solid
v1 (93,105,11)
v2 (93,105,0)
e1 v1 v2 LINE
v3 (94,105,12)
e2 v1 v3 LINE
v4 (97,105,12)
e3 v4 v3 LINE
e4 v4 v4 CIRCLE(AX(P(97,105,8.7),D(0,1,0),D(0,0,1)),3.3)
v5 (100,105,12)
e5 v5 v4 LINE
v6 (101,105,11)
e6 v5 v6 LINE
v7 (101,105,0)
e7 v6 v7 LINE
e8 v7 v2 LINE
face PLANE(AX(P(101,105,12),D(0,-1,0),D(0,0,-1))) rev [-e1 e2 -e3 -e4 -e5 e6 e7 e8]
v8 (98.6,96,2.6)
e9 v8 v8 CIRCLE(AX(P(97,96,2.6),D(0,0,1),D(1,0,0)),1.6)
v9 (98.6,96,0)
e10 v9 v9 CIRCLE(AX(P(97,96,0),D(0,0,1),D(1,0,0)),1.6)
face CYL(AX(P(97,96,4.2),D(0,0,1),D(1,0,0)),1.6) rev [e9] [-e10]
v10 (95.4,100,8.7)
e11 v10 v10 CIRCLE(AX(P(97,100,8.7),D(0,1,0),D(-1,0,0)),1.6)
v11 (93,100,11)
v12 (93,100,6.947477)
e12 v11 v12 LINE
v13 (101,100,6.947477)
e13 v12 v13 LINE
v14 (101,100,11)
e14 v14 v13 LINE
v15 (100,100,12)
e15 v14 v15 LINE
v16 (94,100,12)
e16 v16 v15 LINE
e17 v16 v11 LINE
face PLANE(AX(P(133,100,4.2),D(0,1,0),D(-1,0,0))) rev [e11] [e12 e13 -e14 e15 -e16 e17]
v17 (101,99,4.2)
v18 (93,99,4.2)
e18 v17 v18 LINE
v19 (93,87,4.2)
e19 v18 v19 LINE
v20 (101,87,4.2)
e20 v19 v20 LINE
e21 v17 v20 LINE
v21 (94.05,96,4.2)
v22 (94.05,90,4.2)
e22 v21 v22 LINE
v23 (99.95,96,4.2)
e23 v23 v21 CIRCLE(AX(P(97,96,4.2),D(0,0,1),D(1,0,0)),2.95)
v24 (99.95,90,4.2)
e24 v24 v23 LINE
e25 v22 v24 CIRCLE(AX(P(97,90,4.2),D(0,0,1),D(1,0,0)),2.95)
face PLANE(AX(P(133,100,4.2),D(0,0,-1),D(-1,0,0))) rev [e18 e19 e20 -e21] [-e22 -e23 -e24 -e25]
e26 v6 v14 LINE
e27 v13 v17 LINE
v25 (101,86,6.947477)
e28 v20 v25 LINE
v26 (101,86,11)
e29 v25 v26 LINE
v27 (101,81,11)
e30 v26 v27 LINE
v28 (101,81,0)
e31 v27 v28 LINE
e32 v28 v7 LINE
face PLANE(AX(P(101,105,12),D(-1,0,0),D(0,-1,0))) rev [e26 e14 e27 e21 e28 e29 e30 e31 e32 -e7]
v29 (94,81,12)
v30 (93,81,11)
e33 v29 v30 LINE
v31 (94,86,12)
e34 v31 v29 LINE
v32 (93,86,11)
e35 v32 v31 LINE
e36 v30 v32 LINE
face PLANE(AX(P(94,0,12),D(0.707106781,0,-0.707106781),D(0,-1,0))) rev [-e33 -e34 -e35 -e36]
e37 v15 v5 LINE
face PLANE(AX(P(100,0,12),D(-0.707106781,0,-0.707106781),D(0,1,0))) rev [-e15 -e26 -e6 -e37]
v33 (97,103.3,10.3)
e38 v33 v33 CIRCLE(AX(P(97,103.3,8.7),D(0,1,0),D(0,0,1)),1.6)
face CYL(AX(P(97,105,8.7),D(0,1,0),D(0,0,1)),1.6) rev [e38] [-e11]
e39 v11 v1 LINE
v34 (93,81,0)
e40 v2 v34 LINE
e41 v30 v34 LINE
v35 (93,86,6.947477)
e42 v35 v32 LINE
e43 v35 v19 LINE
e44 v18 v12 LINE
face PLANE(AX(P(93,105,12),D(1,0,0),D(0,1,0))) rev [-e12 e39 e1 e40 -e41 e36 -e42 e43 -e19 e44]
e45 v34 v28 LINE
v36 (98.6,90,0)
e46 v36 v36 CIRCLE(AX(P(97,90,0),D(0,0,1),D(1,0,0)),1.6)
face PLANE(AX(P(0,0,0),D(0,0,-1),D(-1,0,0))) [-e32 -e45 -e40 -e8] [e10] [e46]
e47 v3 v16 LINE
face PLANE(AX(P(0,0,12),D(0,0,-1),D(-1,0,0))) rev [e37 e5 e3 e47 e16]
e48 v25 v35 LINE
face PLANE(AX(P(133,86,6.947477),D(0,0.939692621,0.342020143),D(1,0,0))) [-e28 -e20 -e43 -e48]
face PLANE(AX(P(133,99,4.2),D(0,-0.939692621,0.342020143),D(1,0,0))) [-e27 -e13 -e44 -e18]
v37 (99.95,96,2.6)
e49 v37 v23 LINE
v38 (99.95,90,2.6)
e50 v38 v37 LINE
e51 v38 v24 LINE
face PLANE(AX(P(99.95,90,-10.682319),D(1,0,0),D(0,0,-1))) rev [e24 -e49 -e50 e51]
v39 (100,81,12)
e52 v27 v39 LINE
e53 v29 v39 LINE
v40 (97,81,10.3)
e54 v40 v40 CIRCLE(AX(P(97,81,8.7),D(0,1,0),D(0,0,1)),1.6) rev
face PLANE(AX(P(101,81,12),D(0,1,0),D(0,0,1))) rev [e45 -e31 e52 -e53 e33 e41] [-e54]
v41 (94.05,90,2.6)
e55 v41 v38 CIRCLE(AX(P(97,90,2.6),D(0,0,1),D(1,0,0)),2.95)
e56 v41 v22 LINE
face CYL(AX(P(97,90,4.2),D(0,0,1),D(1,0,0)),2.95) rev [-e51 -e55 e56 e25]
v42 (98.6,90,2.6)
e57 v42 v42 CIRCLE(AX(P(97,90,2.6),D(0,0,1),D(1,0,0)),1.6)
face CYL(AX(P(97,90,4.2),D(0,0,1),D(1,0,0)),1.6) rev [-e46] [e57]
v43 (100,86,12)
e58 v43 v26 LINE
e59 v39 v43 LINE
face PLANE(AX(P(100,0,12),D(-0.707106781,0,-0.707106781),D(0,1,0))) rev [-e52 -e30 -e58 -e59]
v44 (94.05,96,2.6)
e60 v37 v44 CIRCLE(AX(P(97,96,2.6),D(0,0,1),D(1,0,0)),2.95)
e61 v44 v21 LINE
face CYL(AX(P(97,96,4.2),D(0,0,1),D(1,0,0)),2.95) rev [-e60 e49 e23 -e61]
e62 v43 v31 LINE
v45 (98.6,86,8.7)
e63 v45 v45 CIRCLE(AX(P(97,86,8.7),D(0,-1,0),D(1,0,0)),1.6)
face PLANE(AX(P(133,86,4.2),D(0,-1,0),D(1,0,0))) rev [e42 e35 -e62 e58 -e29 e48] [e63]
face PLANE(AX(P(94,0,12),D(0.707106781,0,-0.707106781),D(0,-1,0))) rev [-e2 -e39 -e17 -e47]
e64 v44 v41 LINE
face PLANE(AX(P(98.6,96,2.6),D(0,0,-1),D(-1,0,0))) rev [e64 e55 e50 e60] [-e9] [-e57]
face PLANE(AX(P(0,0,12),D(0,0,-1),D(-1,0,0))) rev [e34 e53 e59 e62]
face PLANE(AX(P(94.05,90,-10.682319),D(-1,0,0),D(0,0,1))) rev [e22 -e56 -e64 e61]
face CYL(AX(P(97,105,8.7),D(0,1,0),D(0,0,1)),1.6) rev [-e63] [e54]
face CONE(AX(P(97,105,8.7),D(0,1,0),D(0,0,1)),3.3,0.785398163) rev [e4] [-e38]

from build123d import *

# Parameters (mm, degrees)
SKETCH_2_W                   = 8
SKETCH_2_H                   = 24
EXTRUDE_1_DEPTH              = 12
SKETCH_3_W                   = 9.180468112
SKETCH_3_H                   = 14
CUT_EXTRUDE_1_DEPTH          = 40
CHAMFER_1_SIZE               = 1
CHAMFER_1_SIZE2              = 2.747477419
HOLE_WIZARD_M3_1_D           = 3.2
HOLE_WIZARD_M3_1_CBORE_D     = 5.9
HOLE_WIZARD_M3_1_CBORE_DEPTH = 1.6
CUT_EXTRUDE_2_DEPTH          = 1.6
HOLE_WIZARD_1767_D           = 3.2
HOLE_WIZARD_1767_DEPTH       = 24
HOLE_WIZARD_1767_CSINK_D     = 6.6
HOLE_WIZARD_1767_CSINK_ANGLE = 90
HOLE_WIZARD_1767_TIP         = 0.96137699
CHAMFER_2_SIZE               = 1


with BuildPart() as part:
    # 草图2 → 凸台-拉伸1 (new body)
    with BuildSketch(Plane.XY):
        with Locations((97, 93)):
            Rectangle(SKETCH_2_W, SKETCH_2_H)
    extrude(amount=EXTRUDE_1_DEPTH)

    # 草图3 → 切除-拉伸1 (cut)
    with BuildSketch(Plane.ZY.offset(-93)):
        with Locations((8.790234056, 93)):
            Rectangle(SKETCH_3_W, SKETCH_3_H)
    extrude(amount=-CUT_EXTRUDE_1_DEPTH, mode=Mode.SUBTRACT)

    # 倒角1
    chamfer_1_edges = [part.edges().sort_by_distance(p)[0] for p in [
        (97, 86, 4.2),
        (97, 100, 4.2),
    ]]
    chamfer_1_side = [part.faces().sort_by_distance(p)[0] for p in [
        (97, 93, 4.2),
    ]]
    chamfer(chamfer_1_edges, length=CHAMFER_1_SIZE, length2=CHAMFER_1_SIZE2, reference=chamfer_1_side[0])

    # M3 六角头螺栓的柱形沉头孔1 (through all)
    with Locations(Plane(origin=(124.363861944, -131.010130877, 4.2), x_dir=(0, 1, 0), z_dir=(0, 0, 1))):
        with Locations((221.010130877, 27.363861944), (227.010130877, 27.363861944)):
            CounterBoreHole(HOLE_WIZARD_M3_1_D / 2, HOLE_WIZARD_M3_1_CBORE_D / 2, HOLE_WIZARD_M3_1_CBORE_DEPTH)

    # 草图11 → 切除-拉伸2 (cut)
    with BuildSketch(Plane.XY.offset(4.2)):
        with BuildLine():
            Line((94.05, 90), (94.05, 96))
            ThreePointArc((94.05, 96), (97, 98.95), (99.95, 96))
            Line((99.95, 96), (99.95, 90))
            ThreePointArc((99.95, 90), (97, 87.05), (94.05, 90))
        make_face()
    extrude(amount=-CUT_EXTRUDE_2_DEPTH, mode=Mode.SUBTRACT)

    # Hole Wizard 1767
    with Locations(Plane(origin=(124.363861944, 105, -5), x_dir=(-1, 0, 0), z_dir=(0, 1, 0))):
        with Locations((27.363861944, 13.7)):
            CounterSinkHole(HOLE_WIZARD_1767_D / 2, HOLE_WIZARD_1767_CSINK_D / 2, depth=HOLE_WIZARD_1767_DEPTH, counter_sink_angle=HOLE_WIZARD_1767_CSINK_ANGLE)
            with Locations((0, 0, -(HOLE_WIZARD_1767_DEPTH + HOLE_WIZARD_1767_TIP / 2))):  # 118° drill point
                Cone(0, HOLE_WIZARD_1767_D / 2, HOLE_WIZARD_1767_TIP, mode=Mode.SUBTRACT)

    # 倒角2
    chamfer_2_edges = [part.edges().sort_by_distance(p)[0] for p in [
        (93, 102.5, 12),
        (101, 102.5, 12),
        (93, 83.5, 12),
        (101, 83.5, 12),
    ]]
    chamfer(chamfer_2_edges, length=CHAMFER_2_SIZE)


solid = part.part
